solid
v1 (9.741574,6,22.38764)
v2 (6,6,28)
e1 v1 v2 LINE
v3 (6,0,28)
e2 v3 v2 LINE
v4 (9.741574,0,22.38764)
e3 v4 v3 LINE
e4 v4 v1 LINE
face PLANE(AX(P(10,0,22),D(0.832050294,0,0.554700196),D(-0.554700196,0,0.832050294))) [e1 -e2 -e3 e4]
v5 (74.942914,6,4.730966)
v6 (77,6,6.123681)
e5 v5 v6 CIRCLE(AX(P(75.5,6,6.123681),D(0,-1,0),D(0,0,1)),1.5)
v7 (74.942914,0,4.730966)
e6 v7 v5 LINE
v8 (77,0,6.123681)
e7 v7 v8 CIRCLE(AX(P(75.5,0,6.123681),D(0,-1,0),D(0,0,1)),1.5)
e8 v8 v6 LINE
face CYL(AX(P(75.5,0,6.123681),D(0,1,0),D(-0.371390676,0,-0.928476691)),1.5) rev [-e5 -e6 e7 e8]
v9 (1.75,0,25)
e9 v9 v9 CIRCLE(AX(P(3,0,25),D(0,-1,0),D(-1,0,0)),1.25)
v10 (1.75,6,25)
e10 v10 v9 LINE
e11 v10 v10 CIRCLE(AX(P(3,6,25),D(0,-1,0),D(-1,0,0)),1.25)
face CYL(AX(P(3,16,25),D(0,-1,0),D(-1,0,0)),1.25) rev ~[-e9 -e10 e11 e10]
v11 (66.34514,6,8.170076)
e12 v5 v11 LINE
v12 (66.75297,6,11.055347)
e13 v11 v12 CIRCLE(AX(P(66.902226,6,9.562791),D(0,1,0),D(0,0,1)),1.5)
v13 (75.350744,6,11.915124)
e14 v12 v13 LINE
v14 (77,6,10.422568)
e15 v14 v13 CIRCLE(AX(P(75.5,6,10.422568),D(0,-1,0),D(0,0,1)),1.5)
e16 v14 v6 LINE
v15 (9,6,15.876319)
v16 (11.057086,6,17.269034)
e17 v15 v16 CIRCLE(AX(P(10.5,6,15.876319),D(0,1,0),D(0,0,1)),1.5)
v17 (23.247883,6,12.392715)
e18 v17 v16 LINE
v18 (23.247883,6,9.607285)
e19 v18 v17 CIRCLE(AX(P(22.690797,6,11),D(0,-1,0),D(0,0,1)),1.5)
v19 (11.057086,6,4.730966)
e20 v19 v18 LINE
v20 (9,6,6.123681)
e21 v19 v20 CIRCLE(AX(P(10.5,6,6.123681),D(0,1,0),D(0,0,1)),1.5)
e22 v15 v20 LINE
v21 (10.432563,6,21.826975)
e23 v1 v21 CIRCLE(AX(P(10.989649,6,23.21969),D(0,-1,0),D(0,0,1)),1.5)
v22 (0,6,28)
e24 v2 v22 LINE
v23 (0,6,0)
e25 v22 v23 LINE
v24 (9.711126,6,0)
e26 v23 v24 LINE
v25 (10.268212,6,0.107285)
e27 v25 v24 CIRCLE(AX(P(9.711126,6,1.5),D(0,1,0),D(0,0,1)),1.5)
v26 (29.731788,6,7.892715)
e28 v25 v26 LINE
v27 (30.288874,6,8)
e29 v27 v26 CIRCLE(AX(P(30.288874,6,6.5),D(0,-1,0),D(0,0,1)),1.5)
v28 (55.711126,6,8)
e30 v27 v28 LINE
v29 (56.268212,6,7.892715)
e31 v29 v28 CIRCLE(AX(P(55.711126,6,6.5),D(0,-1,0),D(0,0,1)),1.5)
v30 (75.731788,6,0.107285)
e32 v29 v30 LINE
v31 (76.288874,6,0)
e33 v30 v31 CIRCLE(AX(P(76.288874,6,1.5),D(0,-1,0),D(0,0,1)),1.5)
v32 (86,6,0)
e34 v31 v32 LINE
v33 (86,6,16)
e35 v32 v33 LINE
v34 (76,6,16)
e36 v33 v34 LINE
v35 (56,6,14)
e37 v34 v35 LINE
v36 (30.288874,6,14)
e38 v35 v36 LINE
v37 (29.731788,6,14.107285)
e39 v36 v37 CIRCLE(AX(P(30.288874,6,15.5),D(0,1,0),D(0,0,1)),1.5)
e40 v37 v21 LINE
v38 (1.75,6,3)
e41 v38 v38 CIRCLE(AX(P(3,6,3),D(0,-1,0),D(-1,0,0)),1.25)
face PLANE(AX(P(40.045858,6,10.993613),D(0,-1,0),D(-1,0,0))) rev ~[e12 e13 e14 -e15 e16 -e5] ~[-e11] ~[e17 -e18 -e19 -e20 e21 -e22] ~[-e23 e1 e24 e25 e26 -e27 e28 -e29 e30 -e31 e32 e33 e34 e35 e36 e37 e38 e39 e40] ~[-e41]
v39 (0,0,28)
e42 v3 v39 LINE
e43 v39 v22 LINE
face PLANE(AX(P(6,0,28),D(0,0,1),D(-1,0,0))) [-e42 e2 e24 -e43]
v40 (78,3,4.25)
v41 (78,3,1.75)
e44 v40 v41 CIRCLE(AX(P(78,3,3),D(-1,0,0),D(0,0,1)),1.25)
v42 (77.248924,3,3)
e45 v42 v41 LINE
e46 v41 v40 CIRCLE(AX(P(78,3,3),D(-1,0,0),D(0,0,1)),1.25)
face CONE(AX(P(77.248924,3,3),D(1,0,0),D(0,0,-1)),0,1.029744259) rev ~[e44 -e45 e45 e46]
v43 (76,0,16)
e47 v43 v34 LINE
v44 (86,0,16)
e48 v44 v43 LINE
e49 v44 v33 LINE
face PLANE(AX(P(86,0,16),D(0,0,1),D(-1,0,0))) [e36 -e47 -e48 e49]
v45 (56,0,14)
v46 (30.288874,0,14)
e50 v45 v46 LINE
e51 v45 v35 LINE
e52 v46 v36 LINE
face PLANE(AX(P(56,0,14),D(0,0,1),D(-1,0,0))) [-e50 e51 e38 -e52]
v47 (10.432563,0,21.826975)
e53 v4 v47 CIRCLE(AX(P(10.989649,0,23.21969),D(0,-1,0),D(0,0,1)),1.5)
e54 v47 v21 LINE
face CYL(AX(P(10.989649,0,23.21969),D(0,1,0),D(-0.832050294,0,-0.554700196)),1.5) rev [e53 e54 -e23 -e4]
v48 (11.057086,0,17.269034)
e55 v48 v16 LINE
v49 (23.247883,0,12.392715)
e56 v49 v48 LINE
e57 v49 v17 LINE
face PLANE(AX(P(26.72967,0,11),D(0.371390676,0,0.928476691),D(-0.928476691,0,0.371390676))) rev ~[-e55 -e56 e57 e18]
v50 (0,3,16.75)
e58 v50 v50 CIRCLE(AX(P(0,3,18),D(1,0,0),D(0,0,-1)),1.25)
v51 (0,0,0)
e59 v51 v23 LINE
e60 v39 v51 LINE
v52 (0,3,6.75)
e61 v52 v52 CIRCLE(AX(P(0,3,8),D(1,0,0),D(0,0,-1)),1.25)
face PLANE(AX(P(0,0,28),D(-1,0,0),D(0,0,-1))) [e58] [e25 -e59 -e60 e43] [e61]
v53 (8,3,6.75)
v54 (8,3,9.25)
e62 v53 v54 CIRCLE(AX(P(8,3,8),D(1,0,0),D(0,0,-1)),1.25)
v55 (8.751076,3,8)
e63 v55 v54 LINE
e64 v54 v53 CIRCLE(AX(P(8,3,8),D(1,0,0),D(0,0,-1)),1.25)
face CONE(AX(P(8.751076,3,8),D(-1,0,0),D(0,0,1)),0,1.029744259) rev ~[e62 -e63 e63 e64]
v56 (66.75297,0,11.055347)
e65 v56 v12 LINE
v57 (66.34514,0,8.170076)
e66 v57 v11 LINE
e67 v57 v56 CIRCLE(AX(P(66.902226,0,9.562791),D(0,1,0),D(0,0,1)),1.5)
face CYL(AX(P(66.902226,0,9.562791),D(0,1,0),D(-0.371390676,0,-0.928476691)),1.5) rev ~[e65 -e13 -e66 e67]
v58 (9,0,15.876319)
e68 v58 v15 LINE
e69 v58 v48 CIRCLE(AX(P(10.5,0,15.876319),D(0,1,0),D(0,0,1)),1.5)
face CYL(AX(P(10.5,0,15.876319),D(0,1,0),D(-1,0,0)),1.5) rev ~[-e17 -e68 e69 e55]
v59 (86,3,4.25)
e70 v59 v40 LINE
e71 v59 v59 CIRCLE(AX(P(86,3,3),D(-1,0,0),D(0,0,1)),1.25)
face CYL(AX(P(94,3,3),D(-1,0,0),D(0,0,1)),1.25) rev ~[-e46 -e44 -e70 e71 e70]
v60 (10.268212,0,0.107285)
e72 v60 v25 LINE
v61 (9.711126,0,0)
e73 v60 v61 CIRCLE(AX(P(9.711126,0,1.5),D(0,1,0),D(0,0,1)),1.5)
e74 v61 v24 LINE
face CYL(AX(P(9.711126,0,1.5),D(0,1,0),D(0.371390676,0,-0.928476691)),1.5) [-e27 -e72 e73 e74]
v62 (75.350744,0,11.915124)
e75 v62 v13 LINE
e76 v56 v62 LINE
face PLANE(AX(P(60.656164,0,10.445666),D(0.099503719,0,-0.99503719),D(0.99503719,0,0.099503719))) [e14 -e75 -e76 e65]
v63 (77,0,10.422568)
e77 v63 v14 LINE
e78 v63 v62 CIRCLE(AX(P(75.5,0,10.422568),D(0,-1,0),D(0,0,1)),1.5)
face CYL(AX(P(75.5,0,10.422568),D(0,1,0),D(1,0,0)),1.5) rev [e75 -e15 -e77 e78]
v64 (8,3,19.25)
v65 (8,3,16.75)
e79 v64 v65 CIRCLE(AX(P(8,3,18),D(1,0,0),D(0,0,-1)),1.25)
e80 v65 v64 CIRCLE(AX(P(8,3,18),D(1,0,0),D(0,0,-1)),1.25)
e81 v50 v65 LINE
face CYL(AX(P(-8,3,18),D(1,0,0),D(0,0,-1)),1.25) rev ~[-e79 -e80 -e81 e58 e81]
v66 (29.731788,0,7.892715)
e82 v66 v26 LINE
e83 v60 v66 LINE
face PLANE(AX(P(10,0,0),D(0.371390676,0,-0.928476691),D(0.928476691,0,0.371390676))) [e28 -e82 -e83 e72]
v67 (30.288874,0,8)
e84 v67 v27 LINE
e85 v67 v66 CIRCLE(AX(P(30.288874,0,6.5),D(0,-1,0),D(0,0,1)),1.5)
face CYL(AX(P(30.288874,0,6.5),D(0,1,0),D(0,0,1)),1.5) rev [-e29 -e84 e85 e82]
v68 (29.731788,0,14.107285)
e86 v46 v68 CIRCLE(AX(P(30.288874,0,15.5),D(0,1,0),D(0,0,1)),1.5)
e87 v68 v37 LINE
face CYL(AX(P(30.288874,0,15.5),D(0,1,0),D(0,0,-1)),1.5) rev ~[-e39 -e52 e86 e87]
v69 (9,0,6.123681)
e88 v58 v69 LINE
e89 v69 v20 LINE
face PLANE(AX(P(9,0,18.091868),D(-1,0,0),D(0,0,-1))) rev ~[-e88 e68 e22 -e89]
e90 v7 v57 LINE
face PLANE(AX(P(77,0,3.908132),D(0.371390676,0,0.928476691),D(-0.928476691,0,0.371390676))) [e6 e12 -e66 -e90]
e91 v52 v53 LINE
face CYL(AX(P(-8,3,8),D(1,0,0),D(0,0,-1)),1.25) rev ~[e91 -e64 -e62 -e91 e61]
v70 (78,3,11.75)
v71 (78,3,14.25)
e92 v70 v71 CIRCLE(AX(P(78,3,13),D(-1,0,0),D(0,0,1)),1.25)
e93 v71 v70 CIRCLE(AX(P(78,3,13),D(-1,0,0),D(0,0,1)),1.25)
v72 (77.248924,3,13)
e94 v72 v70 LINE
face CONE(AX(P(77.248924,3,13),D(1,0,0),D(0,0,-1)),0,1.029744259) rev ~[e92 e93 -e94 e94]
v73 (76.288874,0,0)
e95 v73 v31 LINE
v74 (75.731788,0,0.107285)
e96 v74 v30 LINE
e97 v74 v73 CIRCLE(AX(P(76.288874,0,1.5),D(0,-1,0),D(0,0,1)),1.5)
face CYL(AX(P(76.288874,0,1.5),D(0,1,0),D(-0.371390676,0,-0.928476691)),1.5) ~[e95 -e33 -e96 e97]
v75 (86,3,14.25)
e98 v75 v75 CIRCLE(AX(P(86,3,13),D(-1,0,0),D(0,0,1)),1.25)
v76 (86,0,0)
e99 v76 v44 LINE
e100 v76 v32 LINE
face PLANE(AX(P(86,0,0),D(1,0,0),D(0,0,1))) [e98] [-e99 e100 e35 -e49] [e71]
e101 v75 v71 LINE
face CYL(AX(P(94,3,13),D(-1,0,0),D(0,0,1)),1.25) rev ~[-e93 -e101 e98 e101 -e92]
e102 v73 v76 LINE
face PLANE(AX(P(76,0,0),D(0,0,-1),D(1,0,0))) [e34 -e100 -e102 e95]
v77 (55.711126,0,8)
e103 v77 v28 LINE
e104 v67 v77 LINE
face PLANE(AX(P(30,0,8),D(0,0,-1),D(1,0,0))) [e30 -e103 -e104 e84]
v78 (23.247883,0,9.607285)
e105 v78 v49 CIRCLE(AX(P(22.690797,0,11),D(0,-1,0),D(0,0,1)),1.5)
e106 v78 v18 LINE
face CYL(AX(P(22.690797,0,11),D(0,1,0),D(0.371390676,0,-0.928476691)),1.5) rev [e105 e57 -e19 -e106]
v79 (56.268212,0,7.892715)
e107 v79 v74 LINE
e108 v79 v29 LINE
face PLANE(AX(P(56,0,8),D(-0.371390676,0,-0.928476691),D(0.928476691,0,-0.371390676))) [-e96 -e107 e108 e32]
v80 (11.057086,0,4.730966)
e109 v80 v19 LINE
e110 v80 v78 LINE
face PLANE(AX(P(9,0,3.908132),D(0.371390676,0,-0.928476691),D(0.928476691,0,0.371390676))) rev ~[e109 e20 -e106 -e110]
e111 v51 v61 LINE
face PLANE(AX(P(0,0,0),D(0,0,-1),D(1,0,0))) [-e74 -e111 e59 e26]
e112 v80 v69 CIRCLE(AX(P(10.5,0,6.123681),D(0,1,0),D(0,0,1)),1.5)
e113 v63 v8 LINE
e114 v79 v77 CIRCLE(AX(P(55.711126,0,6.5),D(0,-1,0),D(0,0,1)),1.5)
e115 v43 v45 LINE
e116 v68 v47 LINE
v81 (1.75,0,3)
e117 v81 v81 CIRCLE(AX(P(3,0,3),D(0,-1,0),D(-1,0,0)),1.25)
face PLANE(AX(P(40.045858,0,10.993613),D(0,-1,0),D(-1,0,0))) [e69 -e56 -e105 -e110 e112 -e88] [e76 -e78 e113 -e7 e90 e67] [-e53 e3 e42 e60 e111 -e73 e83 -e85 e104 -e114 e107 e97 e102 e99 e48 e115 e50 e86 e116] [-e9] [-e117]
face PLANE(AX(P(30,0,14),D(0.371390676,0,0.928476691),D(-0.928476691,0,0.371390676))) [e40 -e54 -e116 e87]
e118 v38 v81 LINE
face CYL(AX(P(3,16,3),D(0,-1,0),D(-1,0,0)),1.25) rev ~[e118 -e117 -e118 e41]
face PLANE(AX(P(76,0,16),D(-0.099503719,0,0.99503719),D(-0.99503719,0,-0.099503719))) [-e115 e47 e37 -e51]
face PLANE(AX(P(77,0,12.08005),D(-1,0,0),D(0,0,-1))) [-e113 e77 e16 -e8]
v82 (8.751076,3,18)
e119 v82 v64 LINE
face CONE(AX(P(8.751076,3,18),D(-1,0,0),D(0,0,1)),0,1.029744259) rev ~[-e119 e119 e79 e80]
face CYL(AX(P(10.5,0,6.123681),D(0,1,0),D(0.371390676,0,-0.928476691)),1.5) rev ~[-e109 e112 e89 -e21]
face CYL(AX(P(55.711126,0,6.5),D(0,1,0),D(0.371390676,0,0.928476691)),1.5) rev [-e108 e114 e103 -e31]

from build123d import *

# Parameters (mm, degrees)
BOSS_EXTRUDE1_DEPTH         = 6
TAP_DRILL_FOR_M3_TAP3_D     = 2.5
TAP_DRILL_FOR_M3_TAP3_DEPTH = 10
TAP_DRILL_FOR_M3_TAP3_TIP   = 0.751075774
TAP_DRILL_FOR_M3_TAP2_D     = 2.5
TAP_DRILL_FOR_M3_TAP2_DEPTH = 8
TAP_DRILL_FOR_M3_TAP2_TIP   = 0.751075774
TAP_DRILL_FOR_M3_TAP1_D     = 2.5
TAP_DRILL_FOR_M3_TAP1_DEPTH = 8
TAP_DRILL_FOR_M3_TAP1_TIP   = 0.751075774
FILLET1_R                   = 1.5


with BuildPart() as part:
    # Sketch2 → Boss-Extrude1 (new body)
    with BuildSketch(Plane(origin=(0, 0, 0), x_dir=(1, 0, 0), z_dir=(0, 1, 0))):
        Polygon((56, -8), (76, 0), (86, 0), (86, -16), (76, -16), (56, -14), (30, -14), (10, -22), (6, -28), (0, -28), (0, 0), (10, 0), (30, -8), align=None)
        Polygon((9, -3.908131846), (26.729670386, -11), (9, -18.091868154), align=None, mode=Mode.SUBTRACT)
        Polygon((60.656164188, -10.44566617), (77, -12.080049752), (77, -3.908131846), align=None, mode=Mode.SUBTRACT)
    extrude(amount=BOSS_EXTRUDE1_DEPTH)

    # Tap Drill for M3 Tap3
    with Locations(Plane(origin=(0, 6, 0), x_dir=(1, 0, 0), z_dir=(0, 1, 0))):
        with Locations((3, -3), (3, -25)):
            Hole(TAP_DRILL_FOR_M3_TAP3_D / 2, depth=TAP_DRILL_FOR_M3_TAP3_DEPTH)
            with Locations((0, 0, -(TAP_DRILL_FOR_M3_TAP3_DEPTH + TAP_DRILL_FOR_M3_TAP3_TIP / 2))):  # 118° drill point
                Cone(0, TAP_DRILL_FOR_M3_TAP3_D / 2, TAP_DRILL_FOR_M3_TAP3_TIP, mode=Mode.SUBTRACT)

    # Tap Drill for M3 Tap2
    with Locations(Plane(origin=(86, 0.779165189, 7.640466368), x_dir=(0, 0, -1), z_dir=(1, 0, 0))):
        with Locations((-5.359533632, 2.220834811), (4.640466368, 2.220834811)):
            Hole(TAP_DRILL_FOR_M3_TAP2_D / 2, depth=TAP_DRILL_FOR_M3_TAP2_DEPTH)
            with Locations((0, 0, -(TAP_DRILL_FOR_M3_TAP2_DEPTH + TAP_DRILL_FOR_M3_TAP2_TIP / 2))):  # 118° drill point
                Cone(0, TAP_DRILL_FOR_M3_TAP2_D / 2, TAP_DRILL_FOR_M3_TAP2_TIP, mode=Mode.SUBTRACT)

    # Tap Drill for M3 Tap1
    with Locations(Plane.ZY):
        with Locations((8, 3), (18, 3)):
            Hole(TAP_DRILL_FOR_M3_TAP1_D / 2, depth=TAP_DRILL_FOR_M3_TAP1_DEPTH)
            with Locations((0, 0, -(TAP_DRILL_FOR_M3_TAP1_DEPTH + TAP_DRILL_FOR_M3_TAP1_TIP / 2))):  # 118° drill point
                Cone(0, TAP_DRILL_FOR_M3_TAP1_D / 2, TAP_DRILL_FOR_M3_TAP1_TIP, mode=Mode.SUBTRACT)

    # Fillet1
    fillet1_edges = [part.edges().sort_by_distance(p)[0] for p in [
        (10, 3, 0),
        (30, 3, 8),
        (56, 3, 8),
        (76, 3, 0),
        (30, 3, 14),
        (10, 3, 22),
        (9, 3, 18.091868154),
        (26.729670386, 3, 11),
        (9, 3, 3.908131846),
        (77, 3, 3.908131846),
        (60.656164188, 3, 10.44566617),
        (77, 3, 12.080049752),
    ]]
    fillet(fillet1_edges, radius=FILLET1_R)


solid = part.part
